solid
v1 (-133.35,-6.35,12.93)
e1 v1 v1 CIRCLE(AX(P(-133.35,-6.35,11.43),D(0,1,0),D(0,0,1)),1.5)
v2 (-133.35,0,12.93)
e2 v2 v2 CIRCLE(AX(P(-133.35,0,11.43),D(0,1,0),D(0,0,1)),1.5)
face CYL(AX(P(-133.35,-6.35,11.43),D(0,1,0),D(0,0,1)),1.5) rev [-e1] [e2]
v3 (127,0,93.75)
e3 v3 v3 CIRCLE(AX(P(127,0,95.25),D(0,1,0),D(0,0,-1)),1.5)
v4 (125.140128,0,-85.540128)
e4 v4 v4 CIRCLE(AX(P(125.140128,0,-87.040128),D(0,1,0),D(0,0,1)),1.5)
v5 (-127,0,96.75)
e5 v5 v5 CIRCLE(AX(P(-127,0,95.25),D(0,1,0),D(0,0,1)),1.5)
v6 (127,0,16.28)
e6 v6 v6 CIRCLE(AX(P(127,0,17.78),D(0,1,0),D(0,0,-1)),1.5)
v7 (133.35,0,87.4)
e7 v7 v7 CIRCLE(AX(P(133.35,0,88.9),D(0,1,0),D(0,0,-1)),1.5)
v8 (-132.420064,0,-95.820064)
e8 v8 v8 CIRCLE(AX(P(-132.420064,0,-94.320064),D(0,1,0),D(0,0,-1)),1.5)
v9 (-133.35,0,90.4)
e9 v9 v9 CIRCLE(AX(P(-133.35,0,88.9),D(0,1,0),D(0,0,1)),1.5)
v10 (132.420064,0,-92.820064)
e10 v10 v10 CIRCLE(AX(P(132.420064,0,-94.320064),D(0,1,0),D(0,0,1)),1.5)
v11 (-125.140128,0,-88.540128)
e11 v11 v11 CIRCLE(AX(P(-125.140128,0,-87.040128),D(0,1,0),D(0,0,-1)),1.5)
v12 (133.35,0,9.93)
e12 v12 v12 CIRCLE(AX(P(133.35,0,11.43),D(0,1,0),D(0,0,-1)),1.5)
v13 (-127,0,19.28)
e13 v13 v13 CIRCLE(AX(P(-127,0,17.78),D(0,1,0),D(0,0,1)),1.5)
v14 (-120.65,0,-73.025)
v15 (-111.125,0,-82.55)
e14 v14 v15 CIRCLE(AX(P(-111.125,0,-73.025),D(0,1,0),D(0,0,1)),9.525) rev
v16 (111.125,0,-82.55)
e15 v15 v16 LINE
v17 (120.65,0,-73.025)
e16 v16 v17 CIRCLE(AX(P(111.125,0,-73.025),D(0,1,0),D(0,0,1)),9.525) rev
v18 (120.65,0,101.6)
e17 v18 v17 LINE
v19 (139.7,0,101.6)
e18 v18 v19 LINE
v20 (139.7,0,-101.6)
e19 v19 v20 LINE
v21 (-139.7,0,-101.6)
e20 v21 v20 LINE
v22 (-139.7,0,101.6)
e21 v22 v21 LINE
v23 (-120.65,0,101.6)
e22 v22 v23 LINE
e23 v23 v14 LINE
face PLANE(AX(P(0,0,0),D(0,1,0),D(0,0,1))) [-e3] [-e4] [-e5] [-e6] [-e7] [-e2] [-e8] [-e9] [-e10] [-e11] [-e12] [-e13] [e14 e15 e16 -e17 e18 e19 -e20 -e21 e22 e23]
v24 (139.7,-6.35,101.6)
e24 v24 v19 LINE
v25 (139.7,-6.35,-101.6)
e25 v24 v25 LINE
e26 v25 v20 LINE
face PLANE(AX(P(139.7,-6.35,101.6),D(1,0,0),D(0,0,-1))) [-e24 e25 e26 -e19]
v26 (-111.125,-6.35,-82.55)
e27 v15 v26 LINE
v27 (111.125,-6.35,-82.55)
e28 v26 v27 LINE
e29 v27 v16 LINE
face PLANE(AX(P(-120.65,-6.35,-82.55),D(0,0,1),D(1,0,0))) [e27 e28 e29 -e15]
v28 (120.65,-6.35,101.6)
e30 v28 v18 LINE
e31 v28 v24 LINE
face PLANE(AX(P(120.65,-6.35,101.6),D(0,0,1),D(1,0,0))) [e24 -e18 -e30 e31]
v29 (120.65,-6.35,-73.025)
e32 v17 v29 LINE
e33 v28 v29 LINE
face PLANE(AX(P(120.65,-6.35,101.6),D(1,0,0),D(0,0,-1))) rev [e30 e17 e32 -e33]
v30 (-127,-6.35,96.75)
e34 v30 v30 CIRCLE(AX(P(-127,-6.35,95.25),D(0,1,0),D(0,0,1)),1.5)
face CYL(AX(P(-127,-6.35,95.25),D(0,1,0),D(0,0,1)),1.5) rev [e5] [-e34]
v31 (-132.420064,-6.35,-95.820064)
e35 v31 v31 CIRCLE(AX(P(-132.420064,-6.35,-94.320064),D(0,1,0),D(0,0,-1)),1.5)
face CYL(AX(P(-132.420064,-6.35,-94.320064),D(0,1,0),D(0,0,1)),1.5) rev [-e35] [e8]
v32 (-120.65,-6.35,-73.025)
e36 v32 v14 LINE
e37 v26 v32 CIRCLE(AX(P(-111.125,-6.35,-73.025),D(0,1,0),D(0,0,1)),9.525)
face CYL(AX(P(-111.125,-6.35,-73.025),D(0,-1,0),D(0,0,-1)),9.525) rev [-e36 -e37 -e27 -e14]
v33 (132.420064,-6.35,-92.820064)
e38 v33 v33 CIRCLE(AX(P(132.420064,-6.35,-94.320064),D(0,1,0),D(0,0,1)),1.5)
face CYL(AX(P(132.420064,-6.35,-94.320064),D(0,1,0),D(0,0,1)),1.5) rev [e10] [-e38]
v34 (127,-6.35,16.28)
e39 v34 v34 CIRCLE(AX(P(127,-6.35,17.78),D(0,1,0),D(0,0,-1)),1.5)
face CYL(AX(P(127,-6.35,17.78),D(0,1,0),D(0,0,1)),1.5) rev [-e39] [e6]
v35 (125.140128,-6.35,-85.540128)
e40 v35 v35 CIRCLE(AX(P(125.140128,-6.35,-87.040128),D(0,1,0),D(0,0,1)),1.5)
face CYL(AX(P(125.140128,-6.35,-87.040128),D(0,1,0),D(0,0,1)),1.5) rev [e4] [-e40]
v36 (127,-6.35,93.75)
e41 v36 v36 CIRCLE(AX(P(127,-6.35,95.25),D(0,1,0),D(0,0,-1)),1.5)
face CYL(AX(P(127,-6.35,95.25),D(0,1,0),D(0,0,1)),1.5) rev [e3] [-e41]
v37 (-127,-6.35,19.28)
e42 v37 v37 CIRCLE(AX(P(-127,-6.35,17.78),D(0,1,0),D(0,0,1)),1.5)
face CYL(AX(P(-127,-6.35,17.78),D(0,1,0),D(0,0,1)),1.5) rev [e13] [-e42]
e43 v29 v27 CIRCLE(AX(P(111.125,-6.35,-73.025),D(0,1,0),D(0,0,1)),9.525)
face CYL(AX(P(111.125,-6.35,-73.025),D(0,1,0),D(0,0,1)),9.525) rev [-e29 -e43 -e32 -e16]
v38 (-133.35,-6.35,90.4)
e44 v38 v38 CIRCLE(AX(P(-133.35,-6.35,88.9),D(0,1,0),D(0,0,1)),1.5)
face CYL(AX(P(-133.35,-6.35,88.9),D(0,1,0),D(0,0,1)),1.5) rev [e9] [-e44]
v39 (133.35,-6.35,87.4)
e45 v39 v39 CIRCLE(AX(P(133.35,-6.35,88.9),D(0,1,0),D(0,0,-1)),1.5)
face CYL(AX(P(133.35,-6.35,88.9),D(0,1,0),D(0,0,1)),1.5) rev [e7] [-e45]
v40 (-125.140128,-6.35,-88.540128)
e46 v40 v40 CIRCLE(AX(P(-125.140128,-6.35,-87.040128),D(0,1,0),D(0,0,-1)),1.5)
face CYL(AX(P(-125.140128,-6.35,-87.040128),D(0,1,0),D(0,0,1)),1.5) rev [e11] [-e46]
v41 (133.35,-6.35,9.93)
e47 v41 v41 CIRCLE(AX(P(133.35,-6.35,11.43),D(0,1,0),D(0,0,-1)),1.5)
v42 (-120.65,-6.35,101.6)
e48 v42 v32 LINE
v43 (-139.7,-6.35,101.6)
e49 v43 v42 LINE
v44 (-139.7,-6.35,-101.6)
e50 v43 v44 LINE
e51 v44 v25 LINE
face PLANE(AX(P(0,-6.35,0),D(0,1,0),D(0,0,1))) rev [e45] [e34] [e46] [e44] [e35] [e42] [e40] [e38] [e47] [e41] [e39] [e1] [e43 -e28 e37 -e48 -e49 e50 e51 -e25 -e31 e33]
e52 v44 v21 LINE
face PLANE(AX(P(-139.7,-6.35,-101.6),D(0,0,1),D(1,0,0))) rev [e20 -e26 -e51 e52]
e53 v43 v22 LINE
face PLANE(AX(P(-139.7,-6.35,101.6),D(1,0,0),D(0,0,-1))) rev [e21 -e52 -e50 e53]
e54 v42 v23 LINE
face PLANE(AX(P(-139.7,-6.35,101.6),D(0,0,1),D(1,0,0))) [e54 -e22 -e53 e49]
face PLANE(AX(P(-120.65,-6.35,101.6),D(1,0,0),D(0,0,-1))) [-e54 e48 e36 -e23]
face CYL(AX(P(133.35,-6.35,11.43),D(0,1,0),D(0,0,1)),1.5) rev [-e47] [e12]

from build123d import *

# Parameters (mm, degrees)
BOSS_EXTRUDE1_DEPTH = 6.35
FILLET1_R           = 9.525
SKETCH2_R           = 1.5
CUT_EXTRUDE1_DEPTH  = 173.855351378
LPATTERN1_COUNT     = 2
LPATTERN1_PITCH     = 77.47


with BuildPart() as part:
    # Sketch1 → Boss-Extrude1 (new body)
    with BuildSketch(Plane(origin=(0, 0, 0), x_dir=(1, 0, 0), z_dir=(0, 1, 0))):
        Polygon((-120.65, -101.6), (-120.65, 82.55), (120.65, 82.55), (120.65, -101.6), (139.7, -101.6), (139.7, 101.6), (-139.7, 101.6), (-139.7, -101.6), align=None)
    extrude(amount=-BOSS_EXTRUDE1_DEPTH)

    # Fillet1
    fillet1_edges = [part.edges().sort_by_distance(p)[0] for p in [
        (120.65, -3.175, -82.55),
        (-120.65, -3.175, -82.55),
    ]]
    fillet(fillet1_edges, radius=FILLET1_R)

    # Sketch2 → Cut-Extrude1 (cut, through all)
    with BuildSketch(Plane(origin=(0, 0, 0), x_dir=(1, 0, 0), z_dir=(0, 1, 0))):
        with Locations(Location((-133.35, -88.9, 0), (0, 0, 270))):
            Circle(SKETCH2_R)
        with Locations(Location((-127, -95.25, 0), (0, 0, 270))):
            Circle(SKETCH2_R)
        with Locations(Location((133.35, -88.9, 0), (0, 0, 90))):
            Circle(SKETCH2_R)
        with Locations(Location((127, -95.25, 0), (0, 0, 90))):
            Circle(SKETCH2_R)
        with Locations(Location((132.42006403, 94.32006403, 0), (0, 0, 270))):
            Circle(SKETCH2_R)
        with Locations(Location((125.140128061, 87.040128061, 0), (0, 0, 270))):
            Circle(SKETCH2_R)
        with Locations(Location((-125.140128061, 87.040128061, 0), (0, 0, 90))):
            Circle(SKETCH2_R)
        with Locations(Location((-132.42006403, 94.32006403, 0), (0, 0, 90))):
            Circle(SKETCH2_R)
    cut_extrude1 = extrude(amount=-CUT_EXTRUDE1_DEPTH, mode=Mode.SUBTRACT)

    # LPattern1: Cut-Extrude1 ×2
    with Locations(*[(0, 0, -i * LPATTERN1_PITCH) for i in range(1, LPATTERN1_COUNT)]):
        add(cut_extrude1, mode=Mode.SUBTRACT)


solid = part.part
